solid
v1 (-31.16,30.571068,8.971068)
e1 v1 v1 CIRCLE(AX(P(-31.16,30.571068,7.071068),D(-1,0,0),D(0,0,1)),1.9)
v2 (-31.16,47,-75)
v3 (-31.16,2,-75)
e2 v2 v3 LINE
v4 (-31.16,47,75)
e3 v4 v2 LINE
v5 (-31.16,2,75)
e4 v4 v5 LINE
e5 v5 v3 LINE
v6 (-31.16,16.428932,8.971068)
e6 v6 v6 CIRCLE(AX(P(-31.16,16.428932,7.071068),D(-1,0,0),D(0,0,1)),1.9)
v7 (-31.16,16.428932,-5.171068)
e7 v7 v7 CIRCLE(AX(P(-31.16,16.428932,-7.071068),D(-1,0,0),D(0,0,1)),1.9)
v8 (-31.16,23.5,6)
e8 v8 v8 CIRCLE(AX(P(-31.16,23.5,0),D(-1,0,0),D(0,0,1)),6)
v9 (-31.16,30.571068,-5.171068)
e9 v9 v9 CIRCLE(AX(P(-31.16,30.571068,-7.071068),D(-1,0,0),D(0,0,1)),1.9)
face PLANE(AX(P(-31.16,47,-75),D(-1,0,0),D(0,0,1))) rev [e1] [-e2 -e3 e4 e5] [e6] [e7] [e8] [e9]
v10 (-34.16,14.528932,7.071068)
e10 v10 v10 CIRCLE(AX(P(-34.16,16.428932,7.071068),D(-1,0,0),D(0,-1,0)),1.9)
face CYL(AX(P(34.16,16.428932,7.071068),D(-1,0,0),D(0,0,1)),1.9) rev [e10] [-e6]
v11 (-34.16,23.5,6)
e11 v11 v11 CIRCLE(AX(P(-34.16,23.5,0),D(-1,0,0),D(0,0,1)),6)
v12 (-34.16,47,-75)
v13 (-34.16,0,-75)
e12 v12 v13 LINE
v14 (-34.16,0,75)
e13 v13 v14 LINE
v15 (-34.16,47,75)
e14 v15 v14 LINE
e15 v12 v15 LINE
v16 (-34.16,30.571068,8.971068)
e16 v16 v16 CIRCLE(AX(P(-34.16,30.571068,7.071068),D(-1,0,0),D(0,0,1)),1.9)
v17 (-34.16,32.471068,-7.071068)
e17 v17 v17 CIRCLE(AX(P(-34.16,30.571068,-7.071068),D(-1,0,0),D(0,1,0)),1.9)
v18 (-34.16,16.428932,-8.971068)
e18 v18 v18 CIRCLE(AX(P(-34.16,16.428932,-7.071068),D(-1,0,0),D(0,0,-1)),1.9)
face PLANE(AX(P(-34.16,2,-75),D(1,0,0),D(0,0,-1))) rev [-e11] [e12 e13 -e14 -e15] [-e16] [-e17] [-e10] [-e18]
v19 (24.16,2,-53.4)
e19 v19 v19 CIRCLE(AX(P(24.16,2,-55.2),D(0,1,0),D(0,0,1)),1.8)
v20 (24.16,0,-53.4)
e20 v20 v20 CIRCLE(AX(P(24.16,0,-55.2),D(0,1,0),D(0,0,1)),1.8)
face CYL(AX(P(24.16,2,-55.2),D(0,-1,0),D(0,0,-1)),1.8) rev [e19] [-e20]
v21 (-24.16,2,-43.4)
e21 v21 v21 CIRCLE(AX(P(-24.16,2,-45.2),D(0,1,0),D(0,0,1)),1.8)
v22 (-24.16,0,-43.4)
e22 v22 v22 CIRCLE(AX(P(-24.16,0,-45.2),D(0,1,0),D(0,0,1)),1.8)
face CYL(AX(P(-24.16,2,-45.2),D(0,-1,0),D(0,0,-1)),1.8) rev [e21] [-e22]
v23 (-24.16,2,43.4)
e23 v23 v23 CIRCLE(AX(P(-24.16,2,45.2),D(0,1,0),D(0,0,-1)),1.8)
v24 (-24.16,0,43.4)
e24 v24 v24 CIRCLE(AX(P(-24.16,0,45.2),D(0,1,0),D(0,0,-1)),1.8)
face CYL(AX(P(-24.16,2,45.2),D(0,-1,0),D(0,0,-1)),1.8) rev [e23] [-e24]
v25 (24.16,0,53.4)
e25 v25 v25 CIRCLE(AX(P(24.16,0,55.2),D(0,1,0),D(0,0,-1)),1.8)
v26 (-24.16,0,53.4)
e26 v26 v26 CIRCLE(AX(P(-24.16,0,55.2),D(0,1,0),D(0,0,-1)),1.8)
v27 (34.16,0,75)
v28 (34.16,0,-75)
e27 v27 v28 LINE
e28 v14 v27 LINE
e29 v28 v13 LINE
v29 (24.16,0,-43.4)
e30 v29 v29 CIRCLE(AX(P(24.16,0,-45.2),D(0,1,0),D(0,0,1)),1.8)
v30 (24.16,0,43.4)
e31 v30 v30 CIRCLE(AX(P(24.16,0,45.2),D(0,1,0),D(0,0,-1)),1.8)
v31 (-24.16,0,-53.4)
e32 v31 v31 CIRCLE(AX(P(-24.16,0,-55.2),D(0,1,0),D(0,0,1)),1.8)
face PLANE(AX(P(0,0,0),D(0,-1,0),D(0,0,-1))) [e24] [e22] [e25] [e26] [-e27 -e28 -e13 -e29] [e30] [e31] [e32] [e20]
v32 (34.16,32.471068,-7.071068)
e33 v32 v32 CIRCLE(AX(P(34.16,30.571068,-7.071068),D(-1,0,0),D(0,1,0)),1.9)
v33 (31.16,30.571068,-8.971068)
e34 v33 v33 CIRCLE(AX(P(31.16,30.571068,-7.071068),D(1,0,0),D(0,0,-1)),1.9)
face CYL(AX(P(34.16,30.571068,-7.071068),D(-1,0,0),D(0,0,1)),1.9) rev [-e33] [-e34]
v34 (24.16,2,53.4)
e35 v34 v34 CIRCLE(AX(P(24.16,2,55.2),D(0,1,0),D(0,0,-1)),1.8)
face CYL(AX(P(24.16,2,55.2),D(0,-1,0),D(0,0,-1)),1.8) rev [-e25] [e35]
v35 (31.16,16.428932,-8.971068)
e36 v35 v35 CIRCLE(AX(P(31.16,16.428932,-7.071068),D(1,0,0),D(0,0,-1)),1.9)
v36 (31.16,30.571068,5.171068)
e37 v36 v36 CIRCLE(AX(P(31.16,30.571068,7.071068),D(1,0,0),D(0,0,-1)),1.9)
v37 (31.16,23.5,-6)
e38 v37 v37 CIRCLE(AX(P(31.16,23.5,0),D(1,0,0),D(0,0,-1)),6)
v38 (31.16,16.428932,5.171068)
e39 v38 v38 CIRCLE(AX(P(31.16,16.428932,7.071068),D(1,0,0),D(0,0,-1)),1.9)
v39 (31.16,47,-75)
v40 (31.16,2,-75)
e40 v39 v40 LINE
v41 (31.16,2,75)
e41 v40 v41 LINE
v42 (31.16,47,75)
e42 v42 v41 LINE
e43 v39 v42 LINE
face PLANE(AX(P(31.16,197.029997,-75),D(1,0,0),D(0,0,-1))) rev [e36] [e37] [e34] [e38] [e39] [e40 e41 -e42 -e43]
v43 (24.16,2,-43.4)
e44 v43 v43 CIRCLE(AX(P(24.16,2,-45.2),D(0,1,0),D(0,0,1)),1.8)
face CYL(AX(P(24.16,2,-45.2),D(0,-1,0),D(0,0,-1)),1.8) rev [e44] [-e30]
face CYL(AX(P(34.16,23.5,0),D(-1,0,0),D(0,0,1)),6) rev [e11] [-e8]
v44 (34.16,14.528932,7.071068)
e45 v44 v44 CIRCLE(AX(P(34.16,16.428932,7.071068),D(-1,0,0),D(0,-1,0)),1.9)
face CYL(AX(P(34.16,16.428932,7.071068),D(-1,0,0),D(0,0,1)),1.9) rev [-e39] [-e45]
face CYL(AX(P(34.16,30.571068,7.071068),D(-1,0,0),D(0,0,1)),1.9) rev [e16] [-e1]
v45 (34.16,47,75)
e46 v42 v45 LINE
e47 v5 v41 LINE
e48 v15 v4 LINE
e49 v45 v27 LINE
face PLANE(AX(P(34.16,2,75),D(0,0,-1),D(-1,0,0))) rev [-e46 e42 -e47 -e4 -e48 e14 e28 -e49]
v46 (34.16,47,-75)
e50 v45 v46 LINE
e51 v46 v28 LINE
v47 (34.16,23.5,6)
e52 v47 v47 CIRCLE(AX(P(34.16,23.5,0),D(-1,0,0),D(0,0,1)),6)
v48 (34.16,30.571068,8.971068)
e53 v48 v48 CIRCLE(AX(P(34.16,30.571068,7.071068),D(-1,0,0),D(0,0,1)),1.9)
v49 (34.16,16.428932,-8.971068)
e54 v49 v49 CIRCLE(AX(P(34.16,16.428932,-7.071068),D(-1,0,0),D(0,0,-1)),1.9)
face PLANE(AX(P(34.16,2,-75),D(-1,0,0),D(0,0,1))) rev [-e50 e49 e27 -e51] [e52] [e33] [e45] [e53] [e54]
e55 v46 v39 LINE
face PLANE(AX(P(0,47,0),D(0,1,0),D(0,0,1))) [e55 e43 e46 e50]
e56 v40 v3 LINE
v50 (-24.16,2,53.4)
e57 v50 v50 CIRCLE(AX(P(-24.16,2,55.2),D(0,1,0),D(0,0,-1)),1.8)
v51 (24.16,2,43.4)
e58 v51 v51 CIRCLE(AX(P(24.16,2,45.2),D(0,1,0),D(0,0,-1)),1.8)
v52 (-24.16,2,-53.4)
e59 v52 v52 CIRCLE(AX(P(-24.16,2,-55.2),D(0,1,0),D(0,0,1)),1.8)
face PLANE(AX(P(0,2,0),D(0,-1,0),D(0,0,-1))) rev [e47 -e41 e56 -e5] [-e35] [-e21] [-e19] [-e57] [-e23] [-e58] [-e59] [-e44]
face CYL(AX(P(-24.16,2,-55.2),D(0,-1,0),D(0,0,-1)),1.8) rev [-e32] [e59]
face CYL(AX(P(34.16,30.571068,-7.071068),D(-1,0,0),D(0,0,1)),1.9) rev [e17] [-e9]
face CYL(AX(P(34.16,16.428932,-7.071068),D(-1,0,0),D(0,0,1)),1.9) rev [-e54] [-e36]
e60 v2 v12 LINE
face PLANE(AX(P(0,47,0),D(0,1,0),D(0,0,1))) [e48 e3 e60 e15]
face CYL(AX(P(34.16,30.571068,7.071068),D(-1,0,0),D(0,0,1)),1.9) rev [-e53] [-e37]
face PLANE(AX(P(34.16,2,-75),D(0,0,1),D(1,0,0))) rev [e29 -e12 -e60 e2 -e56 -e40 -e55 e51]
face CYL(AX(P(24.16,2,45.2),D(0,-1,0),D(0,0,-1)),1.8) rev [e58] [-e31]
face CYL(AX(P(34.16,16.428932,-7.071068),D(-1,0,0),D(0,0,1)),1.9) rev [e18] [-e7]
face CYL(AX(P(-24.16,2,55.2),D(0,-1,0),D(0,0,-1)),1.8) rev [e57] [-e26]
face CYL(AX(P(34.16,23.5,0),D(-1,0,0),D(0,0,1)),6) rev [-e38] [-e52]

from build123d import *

# Parameters (mm, degrees)
CROQUIS1_W              = 68.32
CROQUIS1_H              = 150
CROQUIS1_R              = 1.8
SALIENTE_EXTRUIR1_DEPTH = 2
CROQUIS2_W              = 3
CROQUIS2_H              = 150
SALIENTE_EXTRUIR2_DEPTH = 45
CROQUIS3_W              = 3
CROQUIS3_H              = 150
SALIENTE_EXTRUIR3_DEPTH = 45
CROQUIS4_R              = 6
CROQUIS4_R_2            = 1.9
CORTAR_EXTRUIR1_DEPTH   = 112.810654233
MATRIZC1_COUNT          = 4


with BuildPart() as part:
    # Croquis1 → Saliente-Extruir1 (new body)
    with BuildSketch(Plane(origin=(0, 0, 0), x_dir=(1, 0, 0), z_dir=(0, 1, 0))):
        Rectangle(CROQUIS1_W, CROQUIS1_H)
        with Locations(Location((24.16, 45.2, 0), (0, 0, 270))):
            Circle(CROQUIS1_R, mode=Mode.SUBTRACT)
        with Locations(Location((24.16, 55.2, 0), (0, 0, 270))):
            Circle(CROQUIS1_R, mode=Mode.SUBTRACT)
        with Locations(Location((-24.16, -55.2, 0), (0, 0, 90))):
            Circle(CROQUIS1_R, mode=Mode.SUBTRACT)
        with Locations(Location((24.16, -55.2, 0), (0, 0, 90))):
            Circle(CROQUIS1_R, mode=Mode.SUBTRACT)
        with Locations(Location((-24.16, 45.2, 0), (0, 0, 270))):
            Circle(CROQUIS1_R, mode=Mode.SUBTRACT)
        with Locations(Location((-24.16, 55.2, 0), (0, 0, 270))):
            Circle(CROQUIS1_R, mode=Mode.SUBTRACT)
        with Locations(Location((-24.16, -45.2, 0), (0, 0, 90))):
            Circle(CROQUIS1_R, mode=Mode.SUBTRACT)
        with Locations(Location((24.16, -45.2, 0), (0, 0, 90))):
            Circle(CROQUIS1_R, mode=Mode.SUBTRACT)
    extrude(amount=SALIENTE_EXTRUIR1_DEPTH)

    # Croquis2 → Saliente-Extruir2 (add)
    with BuildSketch(Plane(origin=(0, 2, 0), x_dir=(1, 0, 0), z_dir=(0, 1, 0))):
        with Locations((-32.66, 0)):
            Rectangle(CROQUIS2_W, CROQUIS2_H)
    extrude(amount=SALIENTE_EXTRUIR2_DEPTH)

    # Croquis3 → Saliente-Extruir3 (add)
    with BuildSketch(Plane(origin=(0, 2, 0), x_dir=(1, 0, 0), z_dir=(0, 1, 0))):
        with Locations((32.66, 0)):
            Rectangle(CROQUIS3_W, CROQUIS3_H)
    extrude(amount=SALIENTE_EXTRUIR3_DEPTH)

    # Croquis4 → Cortar-Extruir1 (cut, through all)
    with BuildSketch(Plane.ZY.offset(34.16)):
        with Locations((0, 23.5)):
            Circle(CROQUIS4_R)
        with Locations((7.071067812, 30.571067812)):
            Circle(CROQUIS4_R_2)
    cortar_extruir1 = extrude(amount=-CORTAR_EXTRUIR1_DEPTH, mode=Mode.SUBTRACT)

    # MatrizC1: Cortar-Extruir1 ×4 about axis
    matrizc1_axis = Axis((0, 23.5, 0), (1, 0, 0))
    for i in range(1, MATRIZC1_COUNT):
        add(cortar_extruir1.rotate(matrizc1_axis, i * 360 / MATRIZC1_COUNT), mode=Mode.SUBTRACT)


solid = part.part
